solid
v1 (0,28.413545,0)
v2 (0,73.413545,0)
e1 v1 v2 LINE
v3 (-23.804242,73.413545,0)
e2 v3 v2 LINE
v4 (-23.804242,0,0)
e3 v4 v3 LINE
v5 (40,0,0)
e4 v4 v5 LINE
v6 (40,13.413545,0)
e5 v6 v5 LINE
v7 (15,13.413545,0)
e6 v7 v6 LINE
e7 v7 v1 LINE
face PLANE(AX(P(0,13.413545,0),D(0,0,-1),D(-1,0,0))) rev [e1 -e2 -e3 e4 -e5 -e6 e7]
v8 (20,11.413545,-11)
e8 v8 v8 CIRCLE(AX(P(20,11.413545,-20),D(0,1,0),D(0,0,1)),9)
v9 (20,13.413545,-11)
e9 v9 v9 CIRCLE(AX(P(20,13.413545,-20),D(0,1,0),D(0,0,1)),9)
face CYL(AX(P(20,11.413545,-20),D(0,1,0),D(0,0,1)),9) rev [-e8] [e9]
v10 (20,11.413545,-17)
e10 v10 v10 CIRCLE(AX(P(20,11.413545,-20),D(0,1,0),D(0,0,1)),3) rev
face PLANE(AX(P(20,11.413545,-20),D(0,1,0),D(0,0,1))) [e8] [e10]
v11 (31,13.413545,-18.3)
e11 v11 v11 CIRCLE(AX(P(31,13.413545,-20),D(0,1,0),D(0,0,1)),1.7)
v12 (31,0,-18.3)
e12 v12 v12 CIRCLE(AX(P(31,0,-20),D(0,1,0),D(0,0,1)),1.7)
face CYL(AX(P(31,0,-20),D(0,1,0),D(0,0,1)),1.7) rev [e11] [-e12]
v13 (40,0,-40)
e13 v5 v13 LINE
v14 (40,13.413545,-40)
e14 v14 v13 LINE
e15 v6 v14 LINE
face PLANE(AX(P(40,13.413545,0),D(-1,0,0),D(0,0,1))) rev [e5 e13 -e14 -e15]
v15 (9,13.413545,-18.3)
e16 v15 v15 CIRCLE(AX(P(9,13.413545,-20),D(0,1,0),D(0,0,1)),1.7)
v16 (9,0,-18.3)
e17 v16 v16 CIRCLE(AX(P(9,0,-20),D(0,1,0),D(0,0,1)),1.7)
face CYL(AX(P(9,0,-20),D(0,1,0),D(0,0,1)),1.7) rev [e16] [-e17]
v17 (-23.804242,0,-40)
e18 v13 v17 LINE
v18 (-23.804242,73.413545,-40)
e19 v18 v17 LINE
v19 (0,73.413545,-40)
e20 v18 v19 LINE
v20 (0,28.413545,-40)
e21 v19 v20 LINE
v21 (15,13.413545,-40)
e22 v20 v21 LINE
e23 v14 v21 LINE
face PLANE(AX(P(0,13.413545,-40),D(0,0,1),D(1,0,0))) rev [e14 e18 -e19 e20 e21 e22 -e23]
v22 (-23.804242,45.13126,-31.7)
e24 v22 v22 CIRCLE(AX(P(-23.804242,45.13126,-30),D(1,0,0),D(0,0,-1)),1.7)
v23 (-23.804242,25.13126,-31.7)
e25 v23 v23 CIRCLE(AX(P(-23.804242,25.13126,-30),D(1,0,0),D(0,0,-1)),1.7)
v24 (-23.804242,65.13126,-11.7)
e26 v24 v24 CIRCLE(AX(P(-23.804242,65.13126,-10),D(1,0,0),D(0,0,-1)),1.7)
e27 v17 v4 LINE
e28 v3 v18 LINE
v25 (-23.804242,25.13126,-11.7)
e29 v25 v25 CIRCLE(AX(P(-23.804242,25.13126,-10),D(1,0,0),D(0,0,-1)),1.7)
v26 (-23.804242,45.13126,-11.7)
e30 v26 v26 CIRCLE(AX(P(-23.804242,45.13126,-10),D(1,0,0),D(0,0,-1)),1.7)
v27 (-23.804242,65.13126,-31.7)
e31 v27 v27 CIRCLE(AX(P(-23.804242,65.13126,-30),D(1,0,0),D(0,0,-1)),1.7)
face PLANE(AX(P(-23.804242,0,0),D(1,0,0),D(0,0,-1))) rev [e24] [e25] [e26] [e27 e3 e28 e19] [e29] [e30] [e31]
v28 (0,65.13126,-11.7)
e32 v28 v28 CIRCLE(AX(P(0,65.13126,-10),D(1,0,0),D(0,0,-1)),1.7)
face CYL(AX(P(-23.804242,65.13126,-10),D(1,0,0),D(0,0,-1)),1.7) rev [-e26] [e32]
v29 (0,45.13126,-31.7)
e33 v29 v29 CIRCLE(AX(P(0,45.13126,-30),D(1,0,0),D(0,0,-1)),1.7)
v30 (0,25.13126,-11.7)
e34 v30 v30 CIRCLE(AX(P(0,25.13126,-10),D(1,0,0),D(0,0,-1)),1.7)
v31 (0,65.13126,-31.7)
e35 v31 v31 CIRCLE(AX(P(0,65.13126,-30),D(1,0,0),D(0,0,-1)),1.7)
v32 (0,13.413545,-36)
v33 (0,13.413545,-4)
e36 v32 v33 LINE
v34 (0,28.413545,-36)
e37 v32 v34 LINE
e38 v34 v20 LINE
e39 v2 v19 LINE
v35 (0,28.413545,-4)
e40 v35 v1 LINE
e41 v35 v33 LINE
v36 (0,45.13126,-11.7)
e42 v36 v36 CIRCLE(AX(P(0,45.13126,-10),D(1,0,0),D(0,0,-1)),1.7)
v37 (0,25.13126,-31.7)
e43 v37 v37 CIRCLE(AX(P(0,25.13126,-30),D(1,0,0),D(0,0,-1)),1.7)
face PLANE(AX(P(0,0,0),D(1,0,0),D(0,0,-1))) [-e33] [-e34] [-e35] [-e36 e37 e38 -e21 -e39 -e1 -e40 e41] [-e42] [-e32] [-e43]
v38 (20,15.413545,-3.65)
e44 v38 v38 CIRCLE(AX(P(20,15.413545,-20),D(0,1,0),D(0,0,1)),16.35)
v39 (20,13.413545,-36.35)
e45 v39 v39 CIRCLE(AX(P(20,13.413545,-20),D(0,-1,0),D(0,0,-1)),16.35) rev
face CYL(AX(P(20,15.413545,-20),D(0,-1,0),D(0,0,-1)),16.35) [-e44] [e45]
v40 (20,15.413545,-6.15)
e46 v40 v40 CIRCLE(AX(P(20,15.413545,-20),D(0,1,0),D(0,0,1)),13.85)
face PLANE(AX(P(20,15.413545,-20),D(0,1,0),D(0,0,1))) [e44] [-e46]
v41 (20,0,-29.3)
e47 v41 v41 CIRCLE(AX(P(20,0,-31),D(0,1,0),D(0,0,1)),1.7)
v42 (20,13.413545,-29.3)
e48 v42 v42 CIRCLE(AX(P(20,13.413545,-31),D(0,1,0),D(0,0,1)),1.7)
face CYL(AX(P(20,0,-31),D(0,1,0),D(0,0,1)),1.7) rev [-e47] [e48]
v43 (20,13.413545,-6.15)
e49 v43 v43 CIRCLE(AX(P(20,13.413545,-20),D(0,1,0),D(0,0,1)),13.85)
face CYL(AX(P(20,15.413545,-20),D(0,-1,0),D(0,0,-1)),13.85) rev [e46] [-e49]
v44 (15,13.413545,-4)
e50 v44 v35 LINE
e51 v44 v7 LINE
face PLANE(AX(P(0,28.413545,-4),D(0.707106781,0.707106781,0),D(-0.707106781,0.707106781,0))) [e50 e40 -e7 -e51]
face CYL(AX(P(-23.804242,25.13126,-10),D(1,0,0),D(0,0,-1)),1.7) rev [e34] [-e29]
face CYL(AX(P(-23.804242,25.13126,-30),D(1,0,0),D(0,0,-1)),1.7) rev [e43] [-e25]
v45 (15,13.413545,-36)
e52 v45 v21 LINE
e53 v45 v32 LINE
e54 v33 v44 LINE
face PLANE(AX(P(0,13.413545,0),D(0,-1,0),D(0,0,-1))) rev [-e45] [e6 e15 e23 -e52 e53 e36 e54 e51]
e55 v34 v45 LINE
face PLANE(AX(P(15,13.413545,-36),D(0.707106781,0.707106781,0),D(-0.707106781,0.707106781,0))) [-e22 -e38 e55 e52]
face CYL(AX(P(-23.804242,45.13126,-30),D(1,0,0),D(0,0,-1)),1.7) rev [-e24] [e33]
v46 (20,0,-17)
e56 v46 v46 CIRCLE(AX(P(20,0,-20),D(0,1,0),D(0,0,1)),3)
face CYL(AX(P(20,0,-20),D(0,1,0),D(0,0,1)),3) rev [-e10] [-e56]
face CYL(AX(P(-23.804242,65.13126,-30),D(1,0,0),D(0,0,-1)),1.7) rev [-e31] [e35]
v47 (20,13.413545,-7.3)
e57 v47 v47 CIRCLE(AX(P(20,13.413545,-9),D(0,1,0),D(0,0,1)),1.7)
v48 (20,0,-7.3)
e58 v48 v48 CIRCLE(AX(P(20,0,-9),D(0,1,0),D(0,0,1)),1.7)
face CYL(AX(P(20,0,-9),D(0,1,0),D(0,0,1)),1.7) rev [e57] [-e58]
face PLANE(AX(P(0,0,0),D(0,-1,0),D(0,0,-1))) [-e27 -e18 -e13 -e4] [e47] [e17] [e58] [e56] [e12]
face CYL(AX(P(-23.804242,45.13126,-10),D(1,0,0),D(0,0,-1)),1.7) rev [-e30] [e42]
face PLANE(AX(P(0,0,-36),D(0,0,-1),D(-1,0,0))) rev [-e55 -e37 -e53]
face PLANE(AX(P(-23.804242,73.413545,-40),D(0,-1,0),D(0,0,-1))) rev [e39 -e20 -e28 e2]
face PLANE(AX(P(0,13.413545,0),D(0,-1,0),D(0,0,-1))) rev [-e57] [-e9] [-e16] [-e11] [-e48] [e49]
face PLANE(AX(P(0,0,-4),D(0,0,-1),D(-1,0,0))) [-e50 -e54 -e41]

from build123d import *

# Parameters (mm, degrees)
SKETCH1_W           = 40
SKETCH1_H           = 40
BOSS_EXTRUDE1_DEPTH = 13.413545042
SKETCH2_R           = 3
CUT_EXTRUDE1_DEPTH  = 59.13710683
SKETCH3_W           = 40
SKETCH3_H           = 73.413545042
BOSS_EXTRUDE2_DEPTH = 23.804241557
SKETCH4_R           = 1.7
CUT_EXTRUDE2_DEPTH  = 93.679817629
SKETCH5_R           = 1.7
CUT_EXTRUDE3_DEPTH  = 83.462112512
SKETCH6_R           = 16.35
SKETCH6_R_2         = 13.85
BOSS_EXTRUDE3_DEPTH = 2
BOSS_EXTRUDE4_DEPTH = 4
BOSS_EXTRUDE5_DEPTH = 4
SKETCH9_R           = 9
CUT_EXTRUDE4_DEPTH  = 2


with BuildPart() as part:
    # Sketch1 → Boss-Extrude1 (new body)
    with BuildSketch(Plane(origin=(0, 0, 0), x_dir=(1, 0, 0), z_dir=(0, 1, 0))):
        with Locations((20, 20)):
            Rectangle(SKETCH1_W, SKETCH1_H)
    extrude(amount=BOSS_EXTRUDE1_DEPTH)

    # Sketch2 → Cut-Extrude1 (cut, through all)
    with BuildSketch(Plane(origin=(0, 13.413545042, 0), x_dir=(1, 0, 0), z_dir=(0, 1, 0))):
        with Locations(Location((20, 20, 0), (0, 0, 270))):
            Circle(SKETCH2_R)
    extrude(amount=-CUT_EXTRUDE1_DEPTH, mode=Mode.SUBTRACT)

    # Sketch3 → Boss-Extrude2 (add)
    with BuildSketch(Plane.ZY):
        with Locations((-20, 36.706772521)):
            Rectangle(SKETCH3_W, SKETCH3_H)
    extrude(amount=BOSS_EXTRUDE2_DEPTH)

    # Sketch4 → Cut-Extrude2 (cut, through all)
    with BuildSketch(Plane(origin=(0, 0, 0), x_dir=(0, 0, -1), z_dir=(1, 0, 0))):
        with Locations((10, 65.131260141)):
            Circle(SKETCH4_R)
        with Locations((30, 65.131260141)):
            Circle(SKETCH4_R)
        with Locations((10, 45.131260141)):
            Circle(SKETCH4_R)
        with Locations((30, 45.131260141)):
            Circle(SKETCH4_R)
        with Locations((10, 25.131260141)):
            Circle(SKETCH4_R)
        with Locations((30, 25.131260141)):
            Circle(SKETCH4_R)
    extrude(amount=-CUT_EXTRUDE2_DEPTH, mode=Mode.SUBTRACT)

    # Sketch5 → Cut-Extrude3 (cut, through all)
    with BuildSketch(Plane(origin=(0, 13.413545042, 0), x_dir=(1, 0, 0), z_dir=(0, 1, 0))):
        with Locations(Location((20, 31, 0), (0, 0, 270))):
            Circle(SKETCH5_R)
        with Locations(Location((31, 20, 0), (0, 0, 270))):
            Circle(SKETCH5_R)
        with Locations(Location((20, 9, 0), (0, 0, 270))):
            Circle(SKETCH5_R)
        with Locations(Location((9, 20, 0), (0, 0, 270))):
            Circle(SKETCH5_R)
    extrude(amount=-CUT_EXTRUDE3_DEPTH, mode=Mode.SUBTRACT)

    # Sketch6 → Boss-Extrude3 (add)
    with BuildSketch(Plane(origin=(0, 13.413545042, 0), x_dir=(1, 0, 0), z_dir=(0, 1, 0))):
        with Locations(Location((20, 20, 0), (0, 0, 90))):
            Circle(SKETCH6_R)
        with Locations(Location((20, 20, 0), (0, 0, 270))):
            Circle(SKETCH6_R_2, mode=Mode.SUBTRACT)
    extrude(amount=BOSS_EXTRUDE3_DEPTH)

    # Sketch7 → Boss-Extrude4 (add)
    with BuildSketch(Plane(origin=(0, 0, -40), x_dir=(-1, 0, 0), z_dir=(0, 0, -1))):
        Polygon((-15, 13.413545042), (0, 28.413545042), (0, 13.413545042), align=None)
    extrude(amount=-BOSS_EXTRUDE4_DEPTH)

    # Sketch8 → Boss-Extrude5 (add)
    with BuildSketch(Plane.XY):
        Polygon((0, 28.413545042), (0, 13.413545042), (15, 13.413545042), align=None)
    extrude(amount=-BOSS_EXTRUDE5_DEPTH)

    # Sketch9 → Cut-Extrude4 (cut)
    with BuildSketch(Plane(origin=(0, 13.413545042, 0), x_dir=(1, 0, 0), z_dir=(0, 1, 0))):
        with Locations(Location((20, 20, 0), (0, 0, 270))):
            Circle(SKETCH9_R)
    extrude(amount=-CUT_EXTRUDE4_DEPTH, mode=Mode.SUBTRACT)


solid = part.part
